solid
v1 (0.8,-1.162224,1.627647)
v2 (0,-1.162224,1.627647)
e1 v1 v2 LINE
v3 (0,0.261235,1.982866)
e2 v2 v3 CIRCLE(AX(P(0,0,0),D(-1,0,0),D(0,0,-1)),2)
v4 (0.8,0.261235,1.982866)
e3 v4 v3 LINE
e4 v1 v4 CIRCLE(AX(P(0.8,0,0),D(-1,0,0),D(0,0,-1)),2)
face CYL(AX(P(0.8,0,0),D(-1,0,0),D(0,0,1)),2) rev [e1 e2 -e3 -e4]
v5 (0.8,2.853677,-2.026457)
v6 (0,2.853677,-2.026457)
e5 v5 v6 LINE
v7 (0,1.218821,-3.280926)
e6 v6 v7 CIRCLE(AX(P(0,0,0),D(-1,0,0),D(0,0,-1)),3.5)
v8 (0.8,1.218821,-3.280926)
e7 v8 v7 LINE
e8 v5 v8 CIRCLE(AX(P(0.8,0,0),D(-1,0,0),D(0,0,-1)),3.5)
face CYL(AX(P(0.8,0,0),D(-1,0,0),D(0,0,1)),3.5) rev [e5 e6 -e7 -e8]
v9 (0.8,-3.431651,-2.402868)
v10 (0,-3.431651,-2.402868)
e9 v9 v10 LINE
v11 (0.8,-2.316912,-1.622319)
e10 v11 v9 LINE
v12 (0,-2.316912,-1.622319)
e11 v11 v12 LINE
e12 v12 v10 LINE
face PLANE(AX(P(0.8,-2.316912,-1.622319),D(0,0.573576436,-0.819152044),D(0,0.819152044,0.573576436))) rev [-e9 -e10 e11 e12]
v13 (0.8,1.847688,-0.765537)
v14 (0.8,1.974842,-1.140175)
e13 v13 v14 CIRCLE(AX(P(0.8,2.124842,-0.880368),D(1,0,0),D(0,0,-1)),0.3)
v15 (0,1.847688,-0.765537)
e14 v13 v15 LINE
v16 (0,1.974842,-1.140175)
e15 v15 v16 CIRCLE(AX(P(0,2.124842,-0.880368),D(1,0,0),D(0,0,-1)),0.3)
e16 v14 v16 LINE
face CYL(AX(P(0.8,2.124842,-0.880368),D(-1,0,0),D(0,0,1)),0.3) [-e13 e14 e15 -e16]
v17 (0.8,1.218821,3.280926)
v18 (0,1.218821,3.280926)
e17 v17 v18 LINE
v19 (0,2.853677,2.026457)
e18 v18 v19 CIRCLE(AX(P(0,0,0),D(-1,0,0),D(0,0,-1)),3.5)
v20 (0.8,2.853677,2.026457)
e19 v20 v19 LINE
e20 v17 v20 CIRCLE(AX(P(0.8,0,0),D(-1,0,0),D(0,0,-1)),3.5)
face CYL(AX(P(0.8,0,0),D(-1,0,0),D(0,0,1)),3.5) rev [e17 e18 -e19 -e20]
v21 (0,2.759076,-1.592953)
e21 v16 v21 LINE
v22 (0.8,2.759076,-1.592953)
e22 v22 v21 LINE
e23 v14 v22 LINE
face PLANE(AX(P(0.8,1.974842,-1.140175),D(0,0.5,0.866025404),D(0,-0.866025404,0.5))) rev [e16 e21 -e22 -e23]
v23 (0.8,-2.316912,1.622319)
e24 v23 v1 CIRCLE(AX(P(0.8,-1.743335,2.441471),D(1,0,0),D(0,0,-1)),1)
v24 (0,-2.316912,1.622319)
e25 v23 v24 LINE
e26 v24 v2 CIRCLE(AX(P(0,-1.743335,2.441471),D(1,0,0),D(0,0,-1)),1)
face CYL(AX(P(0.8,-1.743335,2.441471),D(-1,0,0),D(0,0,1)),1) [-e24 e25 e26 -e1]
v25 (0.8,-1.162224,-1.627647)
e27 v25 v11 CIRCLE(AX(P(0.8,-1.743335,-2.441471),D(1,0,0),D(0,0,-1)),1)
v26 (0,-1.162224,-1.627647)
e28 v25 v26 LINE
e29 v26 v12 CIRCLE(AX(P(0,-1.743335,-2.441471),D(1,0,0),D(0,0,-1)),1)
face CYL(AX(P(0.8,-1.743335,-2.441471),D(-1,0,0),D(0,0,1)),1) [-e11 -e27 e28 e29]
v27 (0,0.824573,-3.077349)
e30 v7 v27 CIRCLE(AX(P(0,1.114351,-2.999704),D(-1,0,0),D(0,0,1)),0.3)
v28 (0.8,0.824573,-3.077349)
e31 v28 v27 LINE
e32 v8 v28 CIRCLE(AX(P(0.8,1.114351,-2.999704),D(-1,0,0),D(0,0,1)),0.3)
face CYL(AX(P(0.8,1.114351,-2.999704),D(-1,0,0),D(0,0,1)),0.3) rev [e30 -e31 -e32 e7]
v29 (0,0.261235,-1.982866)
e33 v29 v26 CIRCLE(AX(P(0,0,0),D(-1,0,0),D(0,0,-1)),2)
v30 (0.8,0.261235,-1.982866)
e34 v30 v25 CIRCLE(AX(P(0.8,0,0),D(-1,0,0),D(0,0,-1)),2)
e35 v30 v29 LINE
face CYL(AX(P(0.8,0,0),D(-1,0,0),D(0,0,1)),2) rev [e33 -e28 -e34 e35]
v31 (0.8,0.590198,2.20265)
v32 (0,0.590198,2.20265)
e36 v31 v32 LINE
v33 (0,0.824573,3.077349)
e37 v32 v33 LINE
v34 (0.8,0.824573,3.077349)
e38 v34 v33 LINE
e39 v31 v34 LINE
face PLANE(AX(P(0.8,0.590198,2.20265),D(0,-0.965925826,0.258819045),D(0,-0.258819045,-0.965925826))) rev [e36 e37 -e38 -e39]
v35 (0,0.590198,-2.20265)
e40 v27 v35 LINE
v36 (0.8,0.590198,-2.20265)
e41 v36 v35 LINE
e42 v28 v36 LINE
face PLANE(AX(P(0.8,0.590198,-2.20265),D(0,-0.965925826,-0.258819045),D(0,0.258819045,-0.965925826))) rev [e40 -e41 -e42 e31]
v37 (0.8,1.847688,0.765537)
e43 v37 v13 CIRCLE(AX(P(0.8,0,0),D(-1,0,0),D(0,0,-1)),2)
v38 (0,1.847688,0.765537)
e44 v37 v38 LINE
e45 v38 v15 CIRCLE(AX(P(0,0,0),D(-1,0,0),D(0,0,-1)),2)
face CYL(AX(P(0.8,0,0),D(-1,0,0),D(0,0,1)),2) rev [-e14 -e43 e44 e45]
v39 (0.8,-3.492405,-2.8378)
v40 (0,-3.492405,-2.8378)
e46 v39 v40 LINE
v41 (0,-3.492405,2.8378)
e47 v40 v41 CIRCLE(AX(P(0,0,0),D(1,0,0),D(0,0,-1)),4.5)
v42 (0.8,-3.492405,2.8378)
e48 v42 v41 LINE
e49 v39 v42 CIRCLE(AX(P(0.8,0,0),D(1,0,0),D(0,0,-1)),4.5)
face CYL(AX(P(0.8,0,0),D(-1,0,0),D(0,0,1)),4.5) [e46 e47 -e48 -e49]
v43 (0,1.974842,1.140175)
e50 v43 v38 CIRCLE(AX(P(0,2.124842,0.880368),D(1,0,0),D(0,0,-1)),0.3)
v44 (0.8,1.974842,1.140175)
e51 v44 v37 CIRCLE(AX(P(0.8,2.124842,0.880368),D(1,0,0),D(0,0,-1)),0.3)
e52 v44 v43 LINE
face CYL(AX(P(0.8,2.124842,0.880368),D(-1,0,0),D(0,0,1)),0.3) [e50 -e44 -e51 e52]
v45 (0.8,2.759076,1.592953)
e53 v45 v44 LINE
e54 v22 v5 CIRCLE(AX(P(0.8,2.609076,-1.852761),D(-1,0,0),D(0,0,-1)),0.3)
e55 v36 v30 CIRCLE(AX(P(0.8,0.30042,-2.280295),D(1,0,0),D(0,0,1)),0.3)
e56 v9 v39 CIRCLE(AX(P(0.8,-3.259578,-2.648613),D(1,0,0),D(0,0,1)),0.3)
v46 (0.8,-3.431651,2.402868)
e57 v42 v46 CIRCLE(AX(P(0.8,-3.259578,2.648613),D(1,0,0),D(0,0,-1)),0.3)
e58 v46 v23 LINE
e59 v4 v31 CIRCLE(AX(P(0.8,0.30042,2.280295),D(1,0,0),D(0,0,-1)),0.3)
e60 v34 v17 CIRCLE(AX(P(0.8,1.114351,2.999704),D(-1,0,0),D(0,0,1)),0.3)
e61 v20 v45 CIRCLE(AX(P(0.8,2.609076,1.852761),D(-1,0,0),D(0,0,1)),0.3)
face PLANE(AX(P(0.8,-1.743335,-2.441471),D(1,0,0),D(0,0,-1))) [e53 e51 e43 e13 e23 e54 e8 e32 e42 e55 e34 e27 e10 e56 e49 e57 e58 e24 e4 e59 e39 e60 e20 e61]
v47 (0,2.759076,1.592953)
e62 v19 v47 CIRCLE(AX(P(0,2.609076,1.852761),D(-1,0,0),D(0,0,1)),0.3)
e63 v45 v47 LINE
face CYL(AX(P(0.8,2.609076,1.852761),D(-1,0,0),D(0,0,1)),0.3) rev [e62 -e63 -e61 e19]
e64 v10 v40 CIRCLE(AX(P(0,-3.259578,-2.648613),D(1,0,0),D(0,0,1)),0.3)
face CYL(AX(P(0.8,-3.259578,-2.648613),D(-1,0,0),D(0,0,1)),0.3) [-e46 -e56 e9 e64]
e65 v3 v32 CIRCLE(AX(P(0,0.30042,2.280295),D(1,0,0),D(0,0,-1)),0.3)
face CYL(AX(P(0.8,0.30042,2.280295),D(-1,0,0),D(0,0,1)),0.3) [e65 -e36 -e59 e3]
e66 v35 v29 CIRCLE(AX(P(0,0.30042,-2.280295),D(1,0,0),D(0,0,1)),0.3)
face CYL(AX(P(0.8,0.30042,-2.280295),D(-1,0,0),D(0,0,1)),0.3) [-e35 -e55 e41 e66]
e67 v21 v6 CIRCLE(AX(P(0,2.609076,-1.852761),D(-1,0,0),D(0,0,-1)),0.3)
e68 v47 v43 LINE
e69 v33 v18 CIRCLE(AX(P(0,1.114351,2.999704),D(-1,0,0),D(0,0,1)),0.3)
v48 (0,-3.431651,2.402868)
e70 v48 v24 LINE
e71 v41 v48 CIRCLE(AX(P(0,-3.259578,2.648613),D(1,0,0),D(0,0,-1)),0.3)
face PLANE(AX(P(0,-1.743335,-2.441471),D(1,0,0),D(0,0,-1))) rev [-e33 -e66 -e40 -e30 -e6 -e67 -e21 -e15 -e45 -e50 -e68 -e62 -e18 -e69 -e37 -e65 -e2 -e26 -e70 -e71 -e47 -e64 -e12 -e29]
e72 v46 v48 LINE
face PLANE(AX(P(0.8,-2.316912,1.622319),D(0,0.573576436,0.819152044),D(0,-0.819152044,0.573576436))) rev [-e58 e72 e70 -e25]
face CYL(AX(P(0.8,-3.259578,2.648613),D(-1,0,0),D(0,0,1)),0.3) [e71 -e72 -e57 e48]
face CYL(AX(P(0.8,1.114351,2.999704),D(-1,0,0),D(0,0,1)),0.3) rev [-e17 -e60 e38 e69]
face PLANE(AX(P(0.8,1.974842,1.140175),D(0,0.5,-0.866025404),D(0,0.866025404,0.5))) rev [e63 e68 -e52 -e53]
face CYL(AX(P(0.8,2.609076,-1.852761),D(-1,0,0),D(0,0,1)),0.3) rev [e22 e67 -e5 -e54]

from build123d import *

# Parameters (mm, degrees)
EXTRUDE_1_DEPTH = 0.8


with BuildPart() as part:
    # 草图1 → 凸台-拉伸1 (new body)
    with BuildSketch(Plane(origin=(0, 0, 0), x_dir=(0, 0, -1), z_dir=(1, 0, 0))):
        with BuildLine():
            Line((-1.622319151, -2.316911861), (-2.402867712, -3.431650734))
            ThreePointArc((-2.402867712, -3.431650734), (-2.607110405, -3.556693113), (-2.837799992, -3.492404789))
            ThreePointArc((-2.837799992, -3.492404789), (0, 4.5), (2.837799992, -3.492404789))
            ThreePointArc((2.837799992, -3.492404789), (2.607110405, -3.556693113), (2.402867712, -3.431650734))
            Line((2.402867712, -3.431650734), (1.622319151, -2.316911861))
            ThreePointArc((1.622319151, -2.316911861), (1.441481842, -1.738720971), (1.627647463, -1.162223617))
            ThreePointArc((1.627647463, -1.162223617), (1.9404922, -0.484241696), (1.982865646, 0.261235201))
            ThreePointArc((1.982865646, 0.261235201), (2.030846926, 0.467080052), (2.202649779, 0.59019823))
            Line((2.202649779, 0.59019823), (3.077349334, 0.824573269))
            ThreePointArc((3.077349334, 0.824573269), (3.266264026, 0.97670818), (3.280925835, 1.218821425))
            ThreePointArc((3.280925835, 1.218821425), (2.776736691, 2.130665002), (2.026457183, 2.853676801))
            ThreePointArc((2.026457183, 2.853676801), (1.788798992, 2.902178099), (1.592953232, 2.759075932))
            Line((1.592953232, 2.759075932), (1.140175425, 1.974841766))
            ThreePointArc((1.140175425, 1.974841766), (0.976786548, 1.840758282), (0.765537221, 1.847688492))
            ThreePointArc((0.765537221, 1.847688492), (0, 2), (-0.765537221, 1.847688492))
            ThreePointArc((-0.765537221, 1.847688492), (-0.976786548, 1.840758282), (-1.140175425, 1.974841766))
            Line((-1.140175425, 1.974841766), (-1.592953232, 2.759075932))
            ThreePointArc((-1.592953232, 2.759075932), (-1.788798992, 2.902178099), (-2.026457183, 2.853676801))
            ThreePointArc((-2.026457183, 2.853676801), (-2.776736691, 2.130665002), (-3.280925835, 1.218821425))
            ThreePointArc((-3.280925835, 1.218821425), (-3.266264026, 0.97670818), (-3.077349334, 0.824573269))
            Line((-3.077349334, 0.824573269), (-2.202649779, 0.59019823))
            ThreePointArc((-2.202649779, 0.59019823), (-2.030846926, 0.467080052), (-1.982865646, 0.261235201))
            ThreePointArc((-1.982865646, 0.261235201), (-1.9404922, -0.484241696), (-1.627647463, -1.162223617))
            ThreePointArc((-1.627647463, -1.162223617), (-1.441481842, -1.738720971), (-1.622319151, -2.316911861))
        make_face()
    extrude(amount=EXTRUDE_1_DEPTH)


solid = part.part
